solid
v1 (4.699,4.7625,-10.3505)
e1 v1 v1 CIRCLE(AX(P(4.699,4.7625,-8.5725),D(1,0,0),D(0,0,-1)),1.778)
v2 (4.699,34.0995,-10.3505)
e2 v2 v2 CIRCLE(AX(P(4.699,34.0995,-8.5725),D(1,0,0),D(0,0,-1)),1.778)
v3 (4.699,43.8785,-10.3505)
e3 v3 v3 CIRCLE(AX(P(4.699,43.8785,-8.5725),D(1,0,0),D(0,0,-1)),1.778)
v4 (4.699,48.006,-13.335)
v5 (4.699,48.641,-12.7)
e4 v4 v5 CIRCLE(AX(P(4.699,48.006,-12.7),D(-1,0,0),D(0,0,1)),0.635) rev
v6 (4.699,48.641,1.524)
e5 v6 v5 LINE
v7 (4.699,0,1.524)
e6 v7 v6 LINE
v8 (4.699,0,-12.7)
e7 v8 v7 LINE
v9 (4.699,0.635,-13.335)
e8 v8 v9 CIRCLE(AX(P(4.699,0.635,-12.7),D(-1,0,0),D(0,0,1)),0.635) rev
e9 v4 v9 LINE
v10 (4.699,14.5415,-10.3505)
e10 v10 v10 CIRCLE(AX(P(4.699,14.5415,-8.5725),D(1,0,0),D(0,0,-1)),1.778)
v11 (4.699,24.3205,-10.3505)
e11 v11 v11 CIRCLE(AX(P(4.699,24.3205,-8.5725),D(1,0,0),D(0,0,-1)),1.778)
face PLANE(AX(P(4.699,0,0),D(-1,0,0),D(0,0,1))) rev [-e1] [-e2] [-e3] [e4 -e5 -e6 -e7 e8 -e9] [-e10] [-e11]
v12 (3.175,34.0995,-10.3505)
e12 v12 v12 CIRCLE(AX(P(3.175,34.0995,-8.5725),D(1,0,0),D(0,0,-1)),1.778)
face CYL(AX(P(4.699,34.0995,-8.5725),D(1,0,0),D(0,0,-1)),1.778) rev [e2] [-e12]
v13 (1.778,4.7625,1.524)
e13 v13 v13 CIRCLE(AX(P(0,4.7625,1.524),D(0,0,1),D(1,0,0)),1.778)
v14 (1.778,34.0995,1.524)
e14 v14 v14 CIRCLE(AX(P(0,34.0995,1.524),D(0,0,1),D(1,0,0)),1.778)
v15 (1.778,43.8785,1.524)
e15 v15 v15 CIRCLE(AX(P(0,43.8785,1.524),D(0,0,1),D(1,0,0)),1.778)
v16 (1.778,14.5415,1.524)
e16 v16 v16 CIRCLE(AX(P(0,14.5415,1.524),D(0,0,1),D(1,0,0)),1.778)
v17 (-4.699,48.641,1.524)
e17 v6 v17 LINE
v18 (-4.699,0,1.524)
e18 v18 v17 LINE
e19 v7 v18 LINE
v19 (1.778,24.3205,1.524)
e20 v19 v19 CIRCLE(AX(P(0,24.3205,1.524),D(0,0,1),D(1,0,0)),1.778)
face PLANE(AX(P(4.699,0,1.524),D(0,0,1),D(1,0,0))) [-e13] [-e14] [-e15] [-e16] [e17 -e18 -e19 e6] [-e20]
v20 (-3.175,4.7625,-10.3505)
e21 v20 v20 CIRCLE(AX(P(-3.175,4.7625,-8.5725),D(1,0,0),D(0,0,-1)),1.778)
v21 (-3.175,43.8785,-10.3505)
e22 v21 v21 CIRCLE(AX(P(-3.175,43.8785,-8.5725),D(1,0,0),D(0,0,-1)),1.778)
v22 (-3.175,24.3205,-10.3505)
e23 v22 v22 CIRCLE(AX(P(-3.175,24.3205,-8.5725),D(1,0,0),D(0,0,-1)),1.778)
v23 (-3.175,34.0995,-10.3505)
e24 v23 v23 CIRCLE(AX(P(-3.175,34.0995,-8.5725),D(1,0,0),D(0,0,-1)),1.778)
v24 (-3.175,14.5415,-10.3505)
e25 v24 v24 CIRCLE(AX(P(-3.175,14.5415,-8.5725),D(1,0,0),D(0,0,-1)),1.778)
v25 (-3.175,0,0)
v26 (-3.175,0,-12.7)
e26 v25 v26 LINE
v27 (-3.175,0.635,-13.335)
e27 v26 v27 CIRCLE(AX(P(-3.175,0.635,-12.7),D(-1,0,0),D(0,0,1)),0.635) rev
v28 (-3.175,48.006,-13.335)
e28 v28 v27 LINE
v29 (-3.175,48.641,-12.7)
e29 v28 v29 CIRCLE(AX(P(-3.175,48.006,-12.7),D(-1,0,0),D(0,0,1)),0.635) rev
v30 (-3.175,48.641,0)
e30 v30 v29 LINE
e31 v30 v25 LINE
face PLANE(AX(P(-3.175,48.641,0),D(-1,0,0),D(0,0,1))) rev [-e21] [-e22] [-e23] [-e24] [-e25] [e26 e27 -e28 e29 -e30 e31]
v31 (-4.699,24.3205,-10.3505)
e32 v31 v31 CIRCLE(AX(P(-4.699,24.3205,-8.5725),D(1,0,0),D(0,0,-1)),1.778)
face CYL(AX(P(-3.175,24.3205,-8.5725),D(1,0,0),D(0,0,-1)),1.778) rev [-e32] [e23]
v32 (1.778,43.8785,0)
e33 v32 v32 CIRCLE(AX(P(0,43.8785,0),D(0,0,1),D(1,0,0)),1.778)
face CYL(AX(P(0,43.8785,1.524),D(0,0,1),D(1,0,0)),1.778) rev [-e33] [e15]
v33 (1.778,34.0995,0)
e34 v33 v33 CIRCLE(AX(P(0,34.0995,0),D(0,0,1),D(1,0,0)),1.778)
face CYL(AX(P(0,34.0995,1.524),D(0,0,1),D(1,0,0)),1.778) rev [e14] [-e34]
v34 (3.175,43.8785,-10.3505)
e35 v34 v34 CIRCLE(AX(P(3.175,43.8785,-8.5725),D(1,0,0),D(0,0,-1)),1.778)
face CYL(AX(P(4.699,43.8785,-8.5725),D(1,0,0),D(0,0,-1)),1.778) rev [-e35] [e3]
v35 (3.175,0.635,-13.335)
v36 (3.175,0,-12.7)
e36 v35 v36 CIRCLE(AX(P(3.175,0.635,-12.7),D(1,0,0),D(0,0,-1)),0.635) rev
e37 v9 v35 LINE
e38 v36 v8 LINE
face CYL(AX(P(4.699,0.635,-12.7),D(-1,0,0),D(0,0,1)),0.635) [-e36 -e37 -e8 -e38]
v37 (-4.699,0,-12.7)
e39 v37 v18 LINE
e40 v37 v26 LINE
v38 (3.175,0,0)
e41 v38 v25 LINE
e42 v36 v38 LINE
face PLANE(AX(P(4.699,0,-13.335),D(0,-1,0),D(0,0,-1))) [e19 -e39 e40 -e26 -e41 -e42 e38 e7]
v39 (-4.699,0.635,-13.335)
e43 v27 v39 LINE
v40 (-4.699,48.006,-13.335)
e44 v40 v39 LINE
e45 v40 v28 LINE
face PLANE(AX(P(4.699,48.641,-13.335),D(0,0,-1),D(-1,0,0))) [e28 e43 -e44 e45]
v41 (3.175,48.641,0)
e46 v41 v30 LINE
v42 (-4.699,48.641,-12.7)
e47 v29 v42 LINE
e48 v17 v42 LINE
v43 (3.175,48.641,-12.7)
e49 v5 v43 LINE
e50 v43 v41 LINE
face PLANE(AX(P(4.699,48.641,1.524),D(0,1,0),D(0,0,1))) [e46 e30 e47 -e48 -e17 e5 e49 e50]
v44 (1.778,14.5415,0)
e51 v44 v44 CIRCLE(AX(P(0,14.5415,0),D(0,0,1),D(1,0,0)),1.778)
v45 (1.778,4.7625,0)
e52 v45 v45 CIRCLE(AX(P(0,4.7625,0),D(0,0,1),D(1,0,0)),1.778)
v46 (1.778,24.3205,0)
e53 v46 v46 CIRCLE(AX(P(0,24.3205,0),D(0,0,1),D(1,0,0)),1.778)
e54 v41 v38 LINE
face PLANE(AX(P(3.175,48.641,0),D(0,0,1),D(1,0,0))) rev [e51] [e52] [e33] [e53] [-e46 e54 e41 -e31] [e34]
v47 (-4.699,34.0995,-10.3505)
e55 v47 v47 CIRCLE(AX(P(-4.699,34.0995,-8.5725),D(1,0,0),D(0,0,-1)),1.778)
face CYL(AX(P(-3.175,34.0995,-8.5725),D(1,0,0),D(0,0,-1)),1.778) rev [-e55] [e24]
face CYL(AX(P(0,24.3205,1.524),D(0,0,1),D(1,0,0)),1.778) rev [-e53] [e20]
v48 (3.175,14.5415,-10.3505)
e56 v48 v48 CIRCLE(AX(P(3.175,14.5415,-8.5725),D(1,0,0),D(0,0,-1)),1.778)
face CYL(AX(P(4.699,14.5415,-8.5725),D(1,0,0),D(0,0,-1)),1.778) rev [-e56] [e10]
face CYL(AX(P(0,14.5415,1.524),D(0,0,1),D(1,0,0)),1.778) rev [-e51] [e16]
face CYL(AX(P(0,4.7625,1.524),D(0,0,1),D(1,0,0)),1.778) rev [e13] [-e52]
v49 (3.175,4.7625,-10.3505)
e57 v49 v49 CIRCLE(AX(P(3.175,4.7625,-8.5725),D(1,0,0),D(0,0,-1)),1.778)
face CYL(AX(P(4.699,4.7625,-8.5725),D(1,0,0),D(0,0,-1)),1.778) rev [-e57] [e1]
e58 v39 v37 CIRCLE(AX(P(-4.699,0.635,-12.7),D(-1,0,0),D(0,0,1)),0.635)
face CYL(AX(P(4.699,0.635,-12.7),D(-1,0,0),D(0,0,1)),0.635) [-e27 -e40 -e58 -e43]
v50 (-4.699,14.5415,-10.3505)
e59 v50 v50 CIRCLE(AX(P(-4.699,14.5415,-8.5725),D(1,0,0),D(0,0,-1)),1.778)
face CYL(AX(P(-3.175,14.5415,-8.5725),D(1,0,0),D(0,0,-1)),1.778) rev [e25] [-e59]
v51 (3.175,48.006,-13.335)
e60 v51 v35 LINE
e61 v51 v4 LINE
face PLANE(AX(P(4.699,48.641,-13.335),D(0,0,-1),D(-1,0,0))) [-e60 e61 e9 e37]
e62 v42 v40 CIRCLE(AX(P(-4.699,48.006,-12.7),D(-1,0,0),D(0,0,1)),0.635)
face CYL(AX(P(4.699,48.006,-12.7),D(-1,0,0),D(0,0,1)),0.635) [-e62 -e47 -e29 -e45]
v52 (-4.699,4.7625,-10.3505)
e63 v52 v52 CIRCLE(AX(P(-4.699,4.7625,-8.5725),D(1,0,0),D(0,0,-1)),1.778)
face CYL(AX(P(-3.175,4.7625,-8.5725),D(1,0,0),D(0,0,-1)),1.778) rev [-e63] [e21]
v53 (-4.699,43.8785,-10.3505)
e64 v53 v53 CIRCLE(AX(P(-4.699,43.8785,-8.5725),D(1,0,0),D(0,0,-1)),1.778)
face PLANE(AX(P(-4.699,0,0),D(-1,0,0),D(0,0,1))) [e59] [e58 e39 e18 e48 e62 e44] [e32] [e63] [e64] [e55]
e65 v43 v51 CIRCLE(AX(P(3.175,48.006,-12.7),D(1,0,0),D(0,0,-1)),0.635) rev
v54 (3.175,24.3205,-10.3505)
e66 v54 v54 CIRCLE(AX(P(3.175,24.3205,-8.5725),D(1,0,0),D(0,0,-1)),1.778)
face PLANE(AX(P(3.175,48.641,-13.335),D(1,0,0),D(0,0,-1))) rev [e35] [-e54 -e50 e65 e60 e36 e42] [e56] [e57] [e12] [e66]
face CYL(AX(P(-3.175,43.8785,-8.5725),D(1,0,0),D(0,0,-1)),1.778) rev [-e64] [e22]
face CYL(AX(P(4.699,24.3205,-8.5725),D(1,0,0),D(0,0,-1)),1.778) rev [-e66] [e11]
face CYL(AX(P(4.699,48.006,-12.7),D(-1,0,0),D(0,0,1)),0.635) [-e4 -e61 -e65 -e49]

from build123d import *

# Parameters (mm, degrees)
SKETCH1_W                 = 48.641
SKETCH1_H                 = 14.859
BOSS_EXTRUDE1_DEPTH       = 9.398
SKETCH2_W                 = 6.35
SKETCH2_H                 = 13.335
CUT_EXTRUDE1_DEPTH        = 51.65421707
F_5_CLEARANCE_HOLE1_D     = 3.556
F_5_CLEARANCE_HOLE1_DEPTH = 1.524
F_5_CLEARANCE_HOLE2_D     = 3.556
F_5_CLEARANCE_HOLE2_DEPTH = 14.859
F_5_CLEARANCE_HOLE3_D     = 3.556
FILLET1_R                 = 0.635


with BuildPart() as part:
    # Sketch1 → Boss-Extrude1 (new body)
    with BuildSketch(Plane(origin=(-4.699, 0, 0), x_dir=(0, -1, 0), z_dir=(-1, 0, 0))):
        with Locations((-24.3205, -5.9055)):
            Rectangle(SKETCH1_W, SKETCH1_H)
    extrude(amount=-BOSS_EXTRUDE1_DEPTH)

    # Sketch2 → Cut-Extrude1 (cut, through all)
    with BuildSketch(Plane.XZ):
        with Locations((0, -6.6675)):
            Rectangle(SKETCH2_W, SKETCH2_H)
    extrude(amount=-CUT_EXTRUDE1_DEPTH, mode=Mode.SUBTRACT)

    # #5 Clearance Hole1
    with Locations(Plane(origin=(4.699, 0, 0), x_dir=(0, 0, -1), z_dir=(1, 0, 0))):
        with Locations((8.5725, 34.0995), (8.5725, 43.8785), (8.5725, 24.3205), (8.5725, 14.5415), (8.5725, 4.7625)):
            Hole(F_5_CLEARANCE_HOLE1_D / 2, depth=F_5_CLEARANCE_HOLE1_DEPTH)

    # #5 Clearance Hole2
    with Locations(Plane.XY.offset(1.524)):
        with Locations((0, 34.0995), (0, 43.8785), (0, 24.3205), (0, 14.5415), (0, 4.7625)):
            Hole(F_5_CLEARANCE_HOLE2_D / 2, depth=F_5_CLEARANCE_HOLE2_DEPTH)

    # #5 Clearance Hole3 (through all)
    with Locations(Plane(origin=(-3.175, 0, 0), x_dir=(0, 0, -1), z_dir=(1, 0, 0))):
        with Locations((8.5725, 34.0995), (8.5725, 43.8785), (8.5725, 24.3205), (8.5725, 14.5415), (8.5725, 4.7625)):
            Hole(F_5_CLEARANCE_HOLE3_D / 2)

    # Fillet1
    fillet1_edges = [part.edges().sort_by_distance(p)[0] for p in [
        (-3.937, 48.641, -13.335),
        (-3.937, 0, -13.335),
        (3.937, 0, -13.335),
        (3.937, 48.641, -13.335),
    ]]
    fillet(fillet1_edges, radius=FILLET1_R)


solid = part.part
